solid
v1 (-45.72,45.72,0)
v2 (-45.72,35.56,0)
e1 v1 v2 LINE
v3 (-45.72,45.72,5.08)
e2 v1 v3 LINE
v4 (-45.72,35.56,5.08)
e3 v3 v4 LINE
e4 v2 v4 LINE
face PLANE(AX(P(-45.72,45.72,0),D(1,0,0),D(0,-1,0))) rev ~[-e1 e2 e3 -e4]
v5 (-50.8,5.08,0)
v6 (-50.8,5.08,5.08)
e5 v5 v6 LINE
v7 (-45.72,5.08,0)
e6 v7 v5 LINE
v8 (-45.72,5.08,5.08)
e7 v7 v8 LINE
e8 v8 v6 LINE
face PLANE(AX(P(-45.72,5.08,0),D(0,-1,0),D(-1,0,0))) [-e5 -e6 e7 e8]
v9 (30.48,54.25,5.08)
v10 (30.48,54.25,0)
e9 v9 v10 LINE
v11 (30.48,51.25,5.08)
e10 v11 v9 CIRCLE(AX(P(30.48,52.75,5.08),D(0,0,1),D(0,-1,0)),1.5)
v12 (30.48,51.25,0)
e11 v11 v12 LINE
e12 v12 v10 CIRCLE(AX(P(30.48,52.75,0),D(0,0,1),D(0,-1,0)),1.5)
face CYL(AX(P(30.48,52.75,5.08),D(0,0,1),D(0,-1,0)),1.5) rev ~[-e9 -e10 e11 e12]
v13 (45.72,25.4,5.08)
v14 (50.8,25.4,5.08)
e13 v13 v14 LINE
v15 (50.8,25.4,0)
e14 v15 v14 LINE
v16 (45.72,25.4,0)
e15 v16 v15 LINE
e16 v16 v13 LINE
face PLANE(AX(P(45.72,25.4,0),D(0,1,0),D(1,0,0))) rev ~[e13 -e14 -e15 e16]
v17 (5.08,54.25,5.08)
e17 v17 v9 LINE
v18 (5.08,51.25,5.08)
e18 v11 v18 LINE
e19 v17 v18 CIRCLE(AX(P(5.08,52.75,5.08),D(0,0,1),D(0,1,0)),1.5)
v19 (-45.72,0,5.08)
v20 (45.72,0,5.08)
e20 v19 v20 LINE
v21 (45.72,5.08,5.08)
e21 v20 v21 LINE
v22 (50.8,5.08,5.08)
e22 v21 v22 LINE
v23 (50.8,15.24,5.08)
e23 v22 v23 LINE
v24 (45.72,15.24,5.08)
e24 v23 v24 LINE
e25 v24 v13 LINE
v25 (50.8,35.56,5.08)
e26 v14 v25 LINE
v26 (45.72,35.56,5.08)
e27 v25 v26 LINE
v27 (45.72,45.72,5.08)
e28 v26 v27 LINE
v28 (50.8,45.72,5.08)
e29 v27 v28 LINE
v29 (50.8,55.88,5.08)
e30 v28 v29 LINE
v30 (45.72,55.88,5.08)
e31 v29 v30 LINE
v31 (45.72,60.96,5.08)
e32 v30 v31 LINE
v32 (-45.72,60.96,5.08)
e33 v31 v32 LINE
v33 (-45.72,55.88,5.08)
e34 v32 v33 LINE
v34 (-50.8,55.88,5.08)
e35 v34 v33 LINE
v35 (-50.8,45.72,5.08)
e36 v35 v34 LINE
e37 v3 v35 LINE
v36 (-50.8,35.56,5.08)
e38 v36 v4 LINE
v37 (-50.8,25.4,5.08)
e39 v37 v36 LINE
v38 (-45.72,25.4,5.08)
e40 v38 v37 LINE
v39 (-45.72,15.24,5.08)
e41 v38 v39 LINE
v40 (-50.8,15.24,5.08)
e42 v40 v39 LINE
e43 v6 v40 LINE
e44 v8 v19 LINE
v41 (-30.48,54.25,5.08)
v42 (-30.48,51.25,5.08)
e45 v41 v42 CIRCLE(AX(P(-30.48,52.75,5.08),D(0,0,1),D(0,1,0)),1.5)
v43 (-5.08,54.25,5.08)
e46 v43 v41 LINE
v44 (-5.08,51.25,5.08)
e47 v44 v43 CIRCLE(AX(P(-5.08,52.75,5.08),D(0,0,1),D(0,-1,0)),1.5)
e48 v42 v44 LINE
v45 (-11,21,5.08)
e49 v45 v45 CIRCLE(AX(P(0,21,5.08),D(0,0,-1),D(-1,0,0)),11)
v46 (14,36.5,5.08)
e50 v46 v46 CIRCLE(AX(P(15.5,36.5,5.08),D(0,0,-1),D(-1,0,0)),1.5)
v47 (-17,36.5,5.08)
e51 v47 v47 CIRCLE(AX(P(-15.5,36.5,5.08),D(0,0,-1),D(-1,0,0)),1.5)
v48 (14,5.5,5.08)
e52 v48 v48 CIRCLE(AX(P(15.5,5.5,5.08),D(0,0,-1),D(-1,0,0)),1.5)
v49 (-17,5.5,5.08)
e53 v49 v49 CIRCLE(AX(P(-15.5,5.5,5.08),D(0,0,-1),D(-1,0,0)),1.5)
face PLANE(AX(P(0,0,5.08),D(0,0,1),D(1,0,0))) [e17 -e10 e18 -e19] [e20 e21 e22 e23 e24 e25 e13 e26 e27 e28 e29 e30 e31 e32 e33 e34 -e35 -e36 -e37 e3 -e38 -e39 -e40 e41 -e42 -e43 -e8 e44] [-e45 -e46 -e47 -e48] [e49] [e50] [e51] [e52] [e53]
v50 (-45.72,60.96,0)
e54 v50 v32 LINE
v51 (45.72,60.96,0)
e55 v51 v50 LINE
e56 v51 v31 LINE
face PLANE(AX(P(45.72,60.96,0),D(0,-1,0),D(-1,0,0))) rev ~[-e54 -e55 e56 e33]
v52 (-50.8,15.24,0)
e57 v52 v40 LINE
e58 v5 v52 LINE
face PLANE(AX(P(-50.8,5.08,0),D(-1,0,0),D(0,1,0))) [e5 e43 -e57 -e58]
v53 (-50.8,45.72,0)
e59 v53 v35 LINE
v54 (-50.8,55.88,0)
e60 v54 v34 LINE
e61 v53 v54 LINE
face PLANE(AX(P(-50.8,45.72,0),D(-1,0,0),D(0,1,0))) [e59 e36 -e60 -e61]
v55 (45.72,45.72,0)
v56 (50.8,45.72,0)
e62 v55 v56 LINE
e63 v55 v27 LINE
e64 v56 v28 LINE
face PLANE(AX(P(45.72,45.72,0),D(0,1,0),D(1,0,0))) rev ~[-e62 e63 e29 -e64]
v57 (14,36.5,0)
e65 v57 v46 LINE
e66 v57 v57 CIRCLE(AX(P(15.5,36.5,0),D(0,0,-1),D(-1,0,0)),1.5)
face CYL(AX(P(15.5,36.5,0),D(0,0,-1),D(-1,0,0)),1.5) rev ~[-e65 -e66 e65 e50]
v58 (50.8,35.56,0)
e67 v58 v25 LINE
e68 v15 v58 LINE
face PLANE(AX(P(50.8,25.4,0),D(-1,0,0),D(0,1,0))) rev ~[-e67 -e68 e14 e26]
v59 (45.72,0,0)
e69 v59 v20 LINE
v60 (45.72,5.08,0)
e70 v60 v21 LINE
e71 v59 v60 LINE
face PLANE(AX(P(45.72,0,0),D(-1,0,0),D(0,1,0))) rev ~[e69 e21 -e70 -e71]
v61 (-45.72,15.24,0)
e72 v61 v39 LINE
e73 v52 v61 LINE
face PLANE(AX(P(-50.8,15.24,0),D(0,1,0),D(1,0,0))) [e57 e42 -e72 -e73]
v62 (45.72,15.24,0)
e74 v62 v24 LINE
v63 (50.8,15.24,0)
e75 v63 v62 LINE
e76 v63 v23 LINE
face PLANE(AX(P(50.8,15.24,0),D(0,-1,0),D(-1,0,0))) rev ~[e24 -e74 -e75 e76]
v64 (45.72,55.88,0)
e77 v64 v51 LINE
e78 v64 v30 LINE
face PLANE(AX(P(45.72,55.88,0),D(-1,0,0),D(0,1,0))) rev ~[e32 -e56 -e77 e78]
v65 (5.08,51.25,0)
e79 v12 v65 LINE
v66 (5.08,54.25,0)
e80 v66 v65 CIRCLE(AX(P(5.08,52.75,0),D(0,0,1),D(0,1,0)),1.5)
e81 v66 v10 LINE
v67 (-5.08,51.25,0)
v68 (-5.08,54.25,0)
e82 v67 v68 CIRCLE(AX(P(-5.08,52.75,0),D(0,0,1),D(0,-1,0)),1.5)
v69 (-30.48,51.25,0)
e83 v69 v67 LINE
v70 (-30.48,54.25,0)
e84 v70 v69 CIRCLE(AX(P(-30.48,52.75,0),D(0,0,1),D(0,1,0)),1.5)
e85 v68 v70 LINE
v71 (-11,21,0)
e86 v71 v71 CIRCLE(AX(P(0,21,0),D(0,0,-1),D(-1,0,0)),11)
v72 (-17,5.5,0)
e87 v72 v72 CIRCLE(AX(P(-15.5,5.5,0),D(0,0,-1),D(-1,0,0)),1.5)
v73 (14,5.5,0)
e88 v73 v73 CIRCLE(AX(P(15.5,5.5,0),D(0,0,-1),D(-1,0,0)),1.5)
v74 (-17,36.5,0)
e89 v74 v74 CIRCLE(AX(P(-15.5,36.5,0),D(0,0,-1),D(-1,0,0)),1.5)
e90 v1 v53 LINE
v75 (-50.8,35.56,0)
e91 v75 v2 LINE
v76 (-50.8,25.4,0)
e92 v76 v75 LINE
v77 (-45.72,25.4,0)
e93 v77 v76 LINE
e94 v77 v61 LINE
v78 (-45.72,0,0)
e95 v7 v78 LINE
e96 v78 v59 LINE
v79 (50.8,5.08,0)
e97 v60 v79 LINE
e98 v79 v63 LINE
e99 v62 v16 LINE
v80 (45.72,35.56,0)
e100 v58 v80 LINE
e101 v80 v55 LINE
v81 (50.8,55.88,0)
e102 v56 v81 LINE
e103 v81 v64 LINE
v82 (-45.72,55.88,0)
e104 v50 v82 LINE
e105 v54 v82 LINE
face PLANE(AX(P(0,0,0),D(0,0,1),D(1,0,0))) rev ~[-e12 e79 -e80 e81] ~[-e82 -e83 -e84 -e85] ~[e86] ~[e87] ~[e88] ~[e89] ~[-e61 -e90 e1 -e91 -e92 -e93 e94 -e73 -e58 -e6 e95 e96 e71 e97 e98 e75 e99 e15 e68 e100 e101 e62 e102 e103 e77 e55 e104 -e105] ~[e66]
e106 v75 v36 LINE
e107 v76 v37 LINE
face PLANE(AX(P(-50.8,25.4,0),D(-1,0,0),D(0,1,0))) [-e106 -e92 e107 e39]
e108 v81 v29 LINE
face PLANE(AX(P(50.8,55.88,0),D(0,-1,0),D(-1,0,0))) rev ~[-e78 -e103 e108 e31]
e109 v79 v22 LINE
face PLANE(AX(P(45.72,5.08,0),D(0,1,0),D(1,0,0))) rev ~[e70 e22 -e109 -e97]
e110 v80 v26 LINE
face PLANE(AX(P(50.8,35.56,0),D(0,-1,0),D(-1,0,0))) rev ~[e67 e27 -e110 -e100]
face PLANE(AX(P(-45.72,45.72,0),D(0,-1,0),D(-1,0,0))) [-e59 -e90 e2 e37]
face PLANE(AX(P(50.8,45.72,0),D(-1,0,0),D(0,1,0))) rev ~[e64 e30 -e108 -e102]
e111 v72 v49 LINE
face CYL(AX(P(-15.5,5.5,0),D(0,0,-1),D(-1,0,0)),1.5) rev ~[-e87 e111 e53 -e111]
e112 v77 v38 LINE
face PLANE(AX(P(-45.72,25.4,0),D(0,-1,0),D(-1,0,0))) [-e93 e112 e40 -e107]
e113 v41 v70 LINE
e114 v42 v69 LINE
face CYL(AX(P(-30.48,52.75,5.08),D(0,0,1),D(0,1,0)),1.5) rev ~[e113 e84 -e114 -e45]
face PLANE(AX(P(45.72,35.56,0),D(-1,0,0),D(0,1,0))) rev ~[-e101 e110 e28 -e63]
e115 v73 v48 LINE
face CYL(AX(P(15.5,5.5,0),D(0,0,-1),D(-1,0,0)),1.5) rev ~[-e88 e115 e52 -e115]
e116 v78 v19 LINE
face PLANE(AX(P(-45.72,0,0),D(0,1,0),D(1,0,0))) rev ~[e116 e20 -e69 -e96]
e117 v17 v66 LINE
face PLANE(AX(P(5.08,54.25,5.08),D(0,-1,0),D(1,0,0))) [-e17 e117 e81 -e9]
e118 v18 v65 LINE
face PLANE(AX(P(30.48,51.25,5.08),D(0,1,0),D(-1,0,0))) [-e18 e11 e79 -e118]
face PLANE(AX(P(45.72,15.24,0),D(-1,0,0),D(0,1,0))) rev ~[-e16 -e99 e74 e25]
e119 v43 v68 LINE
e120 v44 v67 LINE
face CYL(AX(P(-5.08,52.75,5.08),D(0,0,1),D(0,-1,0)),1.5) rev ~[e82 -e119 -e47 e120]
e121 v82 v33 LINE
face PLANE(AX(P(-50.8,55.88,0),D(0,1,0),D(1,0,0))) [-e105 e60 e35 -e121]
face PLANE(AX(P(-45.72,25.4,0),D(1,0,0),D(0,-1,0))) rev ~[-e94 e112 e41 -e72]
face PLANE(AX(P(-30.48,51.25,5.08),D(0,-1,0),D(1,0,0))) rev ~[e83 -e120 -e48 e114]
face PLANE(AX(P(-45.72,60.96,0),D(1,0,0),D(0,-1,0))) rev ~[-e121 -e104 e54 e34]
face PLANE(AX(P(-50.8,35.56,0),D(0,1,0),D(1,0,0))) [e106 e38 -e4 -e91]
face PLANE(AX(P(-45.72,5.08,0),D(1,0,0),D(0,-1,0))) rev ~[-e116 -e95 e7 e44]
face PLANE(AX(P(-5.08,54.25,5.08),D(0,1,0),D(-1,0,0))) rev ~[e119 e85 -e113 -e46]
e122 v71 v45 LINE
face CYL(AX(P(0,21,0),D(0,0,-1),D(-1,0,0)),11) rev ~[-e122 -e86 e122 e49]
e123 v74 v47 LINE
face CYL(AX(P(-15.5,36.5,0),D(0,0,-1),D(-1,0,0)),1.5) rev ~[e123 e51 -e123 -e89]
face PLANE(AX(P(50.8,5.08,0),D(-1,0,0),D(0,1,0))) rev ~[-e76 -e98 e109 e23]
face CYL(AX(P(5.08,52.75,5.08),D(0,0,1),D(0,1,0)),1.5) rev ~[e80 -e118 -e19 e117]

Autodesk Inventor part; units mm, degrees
ref_plane "YZ Plane" through (0, 0, 0) normal (1, 0, 0) x (0, 1, 0)
ref_plane "XZ Plane" through (0, 0, 0) normal (0, 1, 0) x (-1, 0, 0)
ref_plane "XY Plane" through (0, 0, 0) normal (0, 0, 1) x (1, 0, 0)
sketch "Sketch1" plane through (0, 0, 0) normal (0, 0, 1) x (1, 0, 0)
  line L0 (45.72, 0) -> (45.72, 60.96)
  line L1 (45.72, 60.96) -> (-45.72, 60.96)
  line L2 (-45.72, 60.96) -> (-45.72, 9.301)
  line L3 (-45.72, 5.08) -> (-50.8, 5.08)
  line L4 (-50.8, 5.08) -> (-50.8, 15.24)
  line L5 (-50.8, 15.24) -> (-45.72, 15.24)
  line L6 (-45.72, 15.24) -> (-45.72, 5.08)
  line L7 (-45.72, 25.4) -> (-50.8, 25.4)
  line L8 (-50.8, 25.4) -> (-50.8, 35.56)
  line L9 (-50.8, 35.56) -> (-45.72, 35.56)
  line L10 (-45.72, 35.56) -> (-45.72, 25.4)
  line L11 (-45.72, 45.72) -> (-50.8, 45.72)
  line L12 (-50.8, 45.72) -> (-50.8, 55.88)
  line L13 (-50.8, 55.88) -> (-45.72, 55.88)
  line L14 (-45.72, 55.88) -> (-45.72, 45.72)
  line L15 (0, 60.96) -> (0, 0) construction
  line L16 (45.72, 60.96) -> (45.72, 0)
  line L17 (45.72, 5.08) -> (50.8, 5.08)
  line L18 (50.8, 5.08) -> (50.8, 15.24)
  line L19 (50.8, 15.24) -> (45.72, 15.24)
  line L20 (45.72, 15.24) -> (45.72, 5.08)
  line L21 (45.72, 25.4) -> (50.8, 25.4)
  line L22 (50.8, 25.4) -> (50.8, 35.56)
  line L23 (50.8, 35.56) -> (45.72, 35.56)
  line L24 (45.72, 35.56) -> (45.72, 25.4)
  line L25 (45.72, 45.72) -> (50.8, 45.72)
  line L26 (50.8, 45.72) -> (50.8, 55.88)
  line L27 (50.8, 55.88) -> (45.72, 55.88)
  line L28 (45.72, 55.88) -> (45.72, 45.72)
  line L29 (-45.72, 5.08) -> (-45.72, 0)
  line L30 (-45.72, 0) -> (45.72, 0)
  line L31 (45.72, 60.96) -> (-45.72, 60.96)
  line L32 (-45.72, 60.96) -> (-45.72, 0)
  line L33 (-45.72, 0) -> (45.72, 0)
  line L34 (45.72, 0) -> (45.72, 60.96)
  dimension "d0" = 91.44
  dimension "d2" = 10.16
  dimension "d3" = 5.08
  dimension "d7" = 20.32
  dimension "d14" = 5.08
  dimension "d15" = 60.96
extrude "Extrusion2" add sketch "Sketch1" along normal blind 5.08
sketch "Sketch2" plane through (0, 0, 0) normal (0, 0, -1) x (-1, 0, 0)
  circle A0 centre (-15.5, 5.5) radius 1.5 projected
  circle A1 centre (15.5, 36.5) radius 1.5 projected
  circle A2 centre (-15.5, 36.5) radius 1.5 projected
  circle A3 centre (15.5, 5.5) radius 1.5 projected
  line L0 (21, 3.175) -> (17.825, 0) projected
  line L1 (21, 38.825) -> (21, 3.175) projected
  line L2 (17.825, 42) -> (21, 38.825) projected
  line L3 (-17.825, 42) -> (17.825, 42) projected
  line L4 (-21, 38.825) -> (-17.825, 42) projected
  line L5 (-21, 3.175) -> (-21, 38.825) projected
  line L6 (-17.825, 0) -> (-21, 3.175) projected
  line L7 (17.825, 0) -> (-17.825, 0) projected
  circle A4 centre (0, 21) radius 11 projected
  circle A5 centre (0, 21) radius 2.25 projected
  point P0 (0, 0)
extrude "Extrusion3" cut sketch "Sketch2" against normal blind 25.4 contours A0 | A1 | A2 | A3 | A4 | A5
sketch "Sketch4" plane through (0, 0, 5.08) normal (0, 0, 1) x (1, 0, 0)
  line L0 (0, 0) -> (0, 60.96) construction
  line L1 (45.72, 60.96) -> (-45.72, 60.96) construction
  line L2 (-30.48, 52.75) -> (-5.08, 52.75) construction
  line L3 (-30.48, 51.25) -> (-5.08, 51.25)
  line L4 (-5.08, 54.25) -> (-30.48, 54.25)
  arc A0 (-30.48, 54.25) -> (-30.48, 51.25) centre (-30.48, 52.75) ccw
  arc A1 (-5.08, 51.25) -> (-5.08, 54.25) centre (-5.08, 52.75) ccw
  line L5 (30.48, 52.75) -> (5.08, 52.75) construction
  line L6 (30.48, 51.25) -> (5.08, 51.25)
  line L7 (5.08, 54.25) -> (30.48, 54.25)
  arc A2 (30.48, 51.25) -> (30.48, 54.25) centre (30.48, 52.75) ccw
  arc A3 (5.08, 54.25) -> (5.08, 51.25) centre (5.08, 52.75) ccw
  circle A4 centre (0, 21) radius 11 projected
  line L8 (-11, 21) -> (0, 21)
  point P0 (-17.78, 52.75)
  point P1 (17.78, 52.75)
  dimension "d25" = 3
  dimension "d26" = 25.4
  dimension "d28" = 17.78
  dimension "d31" = 31.75
extrude "Extrusion5" cut sketch "Sketch4" against normal blind 25.4 contours A0 L4 A1 L3 | L6 A3 L7 A2
sketch "Sketch5" plane through (0, 0, 5.08) normal (0, 0, 1) x (1, 0, 0)
  arc A0 (-5.08, 51.25) -> (-5.08, 54.25) centre (-5.08, 52.75) ccw projected
  line L0 (-5.08, 51.25) -> (-30.48, 51.25) projected
  arc A1 (-30.48, 54.25) -> (-30.48, 51.25) centre (-30.48, 52.75) ccw projected
  line L1 (-30.48, 54.25) -> (-5.08, 54.25) projected
  arc A2 (30.48, 51.25) -> (30.48, 54.25) centre (30.48, 52.75) ccw projected
  line L2 (30.48, 51.25) -> (5.08, 51.25) projected
  arc A3 (5.08, 54.25) -> (5.08, 51.25) centre (5.08, 52.75) ccw projected
  line L3 (5.08, 54.25) -> (30.48, 54.25) projected
  circle A4 centre (-15.5, 5.5) radius 1.5 projected
  circle A5 centre (-15.5, 36.5) radius 1.5 projected
  circle A6 centre (15.5, 5.5) radius 1.5 projected
  circle A7 centre (15.5, 36.5) radius 1.5 projected
  circle A8 centre (0, 21) radius 11 projected
  line L4 (50.8, 25.4) -> (50.8, 35.56) projected
  line L5 (50.8, 35.56) -> (45.72, 35.56) projected
  line L6 (45.72, 35.56) -> (45.72, 45.72) projected
  line L7 (45.72, 45.72) -> (50.8, 45.72) projected
  line L8 (50.8, 45.72) -> (50.8, 55.88) projected
  line L9 (50.8, 55.88) -> (45.72, 55.88) projected
  line L10 (45.72, 55.88) -> (45.72, 60.96) projected
  line L11 (45.72, 60.96) -> (-45.72, 60.96) projected
  line L12 (-45.72, 60.96) -> (-45.72, 55.88) projected
  line L13 (-45.72, 55.88) -> (-50.8, 55.88) projected
  line L14 (-50.8, 55.88) -> (-50.8, 45.72) projected
  line L15 (-50.8, 45.72) -> (-45.72, 45.72) projected
  line L16 (-45.72, 45.72) -> (-45.72, 35.56) projected
  line L17 (-45.72, 35.56) -> (-50.8, 35.56) projected
  line L18 (-50.8, 35.56) -> (-50.8, 25.4) projected
  line L19 (-50.8, 25.4) -> (-45.72, 25.4) projected
  line L20 (-45.72, 25.4) -> (-45.72, 15.24) projected
  line L21 (-45.72, 15.24) -> (-50.8, 15.24) projected
  line L22 (-50.8, 15.24) -> (-50.8, 5.08) projected
  line L23 (-50.8, 5.08) -> (-45.72, 5.08) projected
  line L24 (-45.72, 5.08) -> (-45.72, 0) projected
  line L25 (-45.72, 0) -> (45.72, 0) projected
  line L26 (45.72, 0) -> (45.72, 5.08) projected
  line L27 (45.72, 5.08) -> (50.8, 5.08) projected
  line L28 (50.8, 5.08) -> (50.8, 15.24) projected
  line L29 (50.8, 15.24) -> (45.72, 15.24) projected
  line L30 (45.72, 15.24) -> (45.72, 25.4) projected
  line L31 (45.72, 25.4) -> (50.8, 25.4) projected
  point P0 (0, 0)
  dimension "d32" = 21
equation "\"d7\" = 2 * d2"
properties part number "VerticalSupport" material "Wood (Birch)"
